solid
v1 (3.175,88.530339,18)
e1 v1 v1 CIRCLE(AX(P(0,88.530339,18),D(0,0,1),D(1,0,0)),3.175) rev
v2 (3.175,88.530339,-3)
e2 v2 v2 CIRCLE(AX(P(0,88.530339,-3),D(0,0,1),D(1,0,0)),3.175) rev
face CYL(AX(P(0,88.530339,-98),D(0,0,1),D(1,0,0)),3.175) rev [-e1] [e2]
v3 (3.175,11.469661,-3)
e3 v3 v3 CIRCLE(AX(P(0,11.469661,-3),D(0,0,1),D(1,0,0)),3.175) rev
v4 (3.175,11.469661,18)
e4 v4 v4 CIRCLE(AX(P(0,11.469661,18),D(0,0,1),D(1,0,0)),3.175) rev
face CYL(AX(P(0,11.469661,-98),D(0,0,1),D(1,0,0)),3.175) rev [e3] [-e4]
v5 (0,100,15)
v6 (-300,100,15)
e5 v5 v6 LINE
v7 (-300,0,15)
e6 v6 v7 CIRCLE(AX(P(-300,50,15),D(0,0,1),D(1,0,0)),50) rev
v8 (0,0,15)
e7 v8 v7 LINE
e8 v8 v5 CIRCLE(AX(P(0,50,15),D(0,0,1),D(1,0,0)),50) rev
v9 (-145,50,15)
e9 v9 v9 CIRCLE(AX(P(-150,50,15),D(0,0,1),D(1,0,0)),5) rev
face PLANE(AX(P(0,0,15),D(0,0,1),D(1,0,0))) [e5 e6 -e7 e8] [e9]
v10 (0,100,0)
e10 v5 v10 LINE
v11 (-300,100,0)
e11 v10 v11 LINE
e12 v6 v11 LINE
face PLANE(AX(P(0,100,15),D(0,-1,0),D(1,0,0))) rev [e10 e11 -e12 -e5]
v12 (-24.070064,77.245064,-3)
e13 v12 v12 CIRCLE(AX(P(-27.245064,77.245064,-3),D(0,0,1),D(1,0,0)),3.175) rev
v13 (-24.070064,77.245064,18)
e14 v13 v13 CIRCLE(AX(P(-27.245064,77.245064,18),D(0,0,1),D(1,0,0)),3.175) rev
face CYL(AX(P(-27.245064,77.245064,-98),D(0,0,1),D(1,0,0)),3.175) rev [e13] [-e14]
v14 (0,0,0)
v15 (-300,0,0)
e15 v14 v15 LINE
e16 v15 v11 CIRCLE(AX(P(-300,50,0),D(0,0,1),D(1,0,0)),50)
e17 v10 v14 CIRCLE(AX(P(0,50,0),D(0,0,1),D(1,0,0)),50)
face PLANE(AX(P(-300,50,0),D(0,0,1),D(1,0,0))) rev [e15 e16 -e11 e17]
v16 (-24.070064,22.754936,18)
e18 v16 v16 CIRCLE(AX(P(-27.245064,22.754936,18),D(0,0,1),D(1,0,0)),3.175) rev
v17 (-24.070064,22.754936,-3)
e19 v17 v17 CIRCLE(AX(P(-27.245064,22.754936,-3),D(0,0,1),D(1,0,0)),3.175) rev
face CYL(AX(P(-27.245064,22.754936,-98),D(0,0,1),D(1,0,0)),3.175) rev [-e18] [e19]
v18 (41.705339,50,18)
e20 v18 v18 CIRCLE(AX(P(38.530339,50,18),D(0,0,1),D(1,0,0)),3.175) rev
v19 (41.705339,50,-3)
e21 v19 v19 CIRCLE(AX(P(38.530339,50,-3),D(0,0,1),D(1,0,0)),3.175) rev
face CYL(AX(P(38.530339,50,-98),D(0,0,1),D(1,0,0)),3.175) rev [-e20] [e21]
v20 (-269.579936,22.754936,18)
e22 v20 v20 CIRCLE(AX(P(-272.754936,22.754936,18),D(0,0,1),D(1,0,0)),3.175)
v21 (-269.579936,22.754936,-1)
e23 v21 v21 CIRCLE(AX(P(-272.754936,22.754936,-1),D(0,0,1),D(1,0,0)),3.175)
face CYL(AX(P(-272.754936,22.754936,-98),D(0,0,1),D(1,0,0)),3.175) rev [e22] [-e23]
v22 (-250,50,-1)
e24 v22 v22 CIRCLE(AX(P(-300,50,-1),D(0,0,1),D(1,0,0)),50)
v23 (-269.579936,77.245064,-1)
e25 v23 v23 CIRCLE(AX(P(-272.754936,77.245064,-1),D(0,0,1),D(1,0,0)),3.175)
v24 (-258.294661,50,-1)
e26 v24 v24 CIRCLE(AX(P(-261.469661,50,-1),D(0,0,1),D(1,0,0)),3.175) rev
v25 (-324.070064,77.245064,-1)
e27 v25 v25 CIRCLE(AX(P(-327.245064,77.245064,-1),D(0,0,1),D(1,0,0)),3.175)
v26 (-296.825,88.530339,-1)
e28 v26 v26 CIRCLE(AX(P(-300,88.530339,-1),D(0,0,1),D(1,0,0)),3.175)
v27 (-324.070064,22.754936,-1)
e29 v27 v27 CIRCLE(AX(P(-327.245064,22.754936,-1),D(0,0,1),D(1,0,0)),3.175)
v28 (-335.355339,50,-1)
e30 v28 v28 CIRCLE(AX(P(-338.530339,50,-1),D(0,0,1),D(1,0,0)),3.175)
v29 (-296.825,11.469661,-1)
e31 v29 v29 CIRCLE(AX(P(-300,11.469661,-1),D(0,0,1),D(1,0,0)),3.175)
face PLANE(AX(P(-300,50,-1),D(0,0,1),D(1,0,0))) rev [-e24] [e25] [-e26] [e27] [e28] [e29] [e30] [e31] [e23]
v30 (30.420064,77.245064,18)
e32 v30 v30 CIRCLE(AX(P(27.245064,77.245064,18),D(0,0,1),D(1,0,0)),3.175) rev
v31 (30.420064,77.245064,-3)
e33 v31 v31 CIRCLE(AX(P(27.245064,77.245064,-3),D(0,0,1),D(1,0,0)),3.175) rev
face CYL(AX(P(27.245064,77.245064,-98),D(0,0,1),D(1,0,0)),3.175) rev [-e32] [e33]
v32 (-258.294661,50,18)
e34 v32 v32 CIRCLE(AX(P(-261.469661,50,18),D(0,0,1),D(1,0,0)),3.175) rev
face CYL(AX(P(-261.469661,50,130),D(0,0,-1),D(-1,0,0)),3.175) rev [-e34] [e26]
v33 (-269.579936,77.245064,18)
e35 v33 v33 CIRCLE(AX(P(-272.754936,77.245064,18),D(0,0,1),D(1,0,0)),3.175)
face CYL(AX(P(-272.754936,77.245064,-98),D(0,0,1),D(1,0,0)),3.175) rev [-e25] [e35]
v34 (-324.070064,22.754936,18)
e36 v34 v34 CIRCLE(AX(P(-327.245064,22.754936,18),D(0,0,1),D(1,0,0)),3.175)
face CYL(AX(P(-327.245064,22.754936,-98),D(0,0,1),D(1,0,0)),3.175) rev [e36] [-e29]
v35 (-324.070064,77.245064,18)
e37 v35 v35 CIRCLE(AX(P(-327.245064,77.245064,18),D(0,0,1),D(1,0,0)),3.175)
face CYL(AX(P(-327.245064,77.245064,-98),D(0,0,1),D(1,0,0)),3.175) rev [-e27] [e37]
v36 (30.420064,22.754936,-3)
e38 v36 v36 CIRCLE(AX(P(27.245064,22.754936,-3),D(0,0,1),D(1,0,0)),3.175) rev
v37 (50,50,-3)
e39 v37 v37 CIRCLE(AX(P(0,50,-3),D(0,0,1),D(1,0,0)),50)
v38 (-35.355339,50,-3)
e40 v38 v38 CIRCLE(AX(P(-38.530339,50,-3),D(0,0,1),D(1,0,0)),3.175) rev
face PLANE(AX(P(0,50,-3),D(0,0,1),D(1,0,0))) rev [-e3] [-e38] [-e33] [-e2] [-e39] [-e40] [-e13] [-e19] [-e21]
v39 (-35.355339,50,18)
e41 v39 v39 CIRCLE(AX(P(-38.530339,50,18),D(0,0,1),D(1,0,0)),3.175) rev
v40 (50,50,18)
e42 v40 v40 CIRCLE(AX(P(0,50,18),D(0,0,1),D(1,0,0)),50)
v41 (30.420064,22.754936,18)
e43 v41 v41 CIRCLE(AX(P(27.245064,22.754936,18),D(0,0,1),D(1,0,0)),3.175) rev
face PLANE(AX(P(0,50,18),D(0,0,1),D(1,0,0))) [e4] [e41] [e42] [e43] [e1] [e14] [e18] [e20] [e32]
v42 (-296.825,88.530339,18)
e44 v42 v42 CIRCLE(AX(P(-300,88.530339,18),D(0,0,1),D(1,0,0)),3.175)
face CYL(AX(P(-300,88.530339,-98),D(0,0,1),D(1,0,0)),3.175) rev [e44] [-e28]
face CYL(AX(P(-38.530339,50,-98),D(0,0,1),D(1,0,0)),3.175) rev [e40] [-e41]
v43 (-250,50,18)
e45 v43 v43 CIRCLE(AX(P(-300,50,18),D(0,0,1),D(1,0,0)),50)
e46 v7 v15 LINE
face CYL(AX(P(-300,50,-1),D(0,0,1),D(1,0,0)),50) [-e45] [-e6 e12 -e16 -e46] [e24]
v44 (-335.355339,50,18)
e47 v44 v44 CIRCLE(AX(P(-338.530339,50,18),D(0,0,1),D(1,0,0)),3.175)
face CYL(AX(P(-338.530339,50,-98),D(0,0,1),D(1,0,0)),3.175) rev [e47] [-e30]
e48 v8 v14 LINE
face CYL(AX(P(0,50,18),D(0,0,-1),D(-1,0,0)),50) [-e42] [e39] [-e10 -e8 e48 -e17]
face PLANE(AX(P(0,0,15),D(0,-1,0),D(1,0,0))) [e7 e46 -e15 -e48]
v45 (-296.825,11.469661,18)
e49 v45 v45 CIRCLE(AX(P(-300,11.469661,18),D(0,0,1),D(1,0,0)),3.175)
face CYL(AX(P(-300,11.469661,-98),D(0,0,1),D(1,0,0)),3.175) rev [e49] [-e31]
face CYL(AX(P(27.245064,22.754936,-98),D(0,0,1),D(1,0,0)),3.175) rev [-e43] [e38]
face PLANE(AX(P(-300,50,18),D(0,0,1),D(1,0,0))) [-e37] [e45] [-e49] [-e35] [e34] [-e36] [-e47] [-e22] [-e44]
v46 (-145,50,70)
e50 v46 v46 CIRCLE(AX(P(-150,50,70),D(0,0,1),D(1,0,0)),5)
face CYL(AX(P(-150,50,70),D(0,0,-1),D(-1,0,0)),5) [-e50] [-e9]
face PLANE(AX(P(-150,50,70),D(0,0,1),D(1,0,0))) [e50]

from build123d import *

# Parameters (mm, degrees)
SKETCH_1_R               = 50
EXTRUDE_18_DEPTH         = 13
EXTRUDE_18_2_DEPTH       = 13
SKETCH_1_28_W            = 300
SKETCH_1_28_H            = 100
EXTRUDE_21_DEPTH         = 15
SKETCH_1_30_R            = 5
EXTRUDE_22_DEPTH         = 70
SKETCH_1_31_R            = 50
CUT_EXTRUDE_2_DEPTH      = 41
EXTRUDE_23_DEPTH         = 18
EXTRUDE_23_DEPTH_BACK    = 1
SKETCH_1_32_R            = 50
SKETCH_1_33_R            = 6.5
CUT_EXTRUDE_3_DEPTH      = 242.8
CUT_EXTRUDE_5_DEPTH      = 130
CUT_EXTRUDE_5_DEPTH_BACK = 69
SKETCH_1_35_R            = 3.175
SKETCH_1_36_R            = 50
CUT_EXTRUDE_6_DEPTH      = 34
EXTRUDE_24_DEPTH         = 18
EXTRUDE_24_DEPTH_BACK    = 3
SKETCH_1_37_R            = 50
CUT_EXTRUDE_7_DEPTH      = 87
CUT_EXTRUDE_7_DEPTH_BACK = 98
SKETCH_1_41_R            = 3.175


with BuildPart() as part:
    # 草图1 → 凸台-拉伸18 (new body)
    with BuildSketch(Plane.XY):
        with Locations((0, 50)):
            Circle(SKETCH_1_R)
    extrude(amount=EXTRUDE_18_DEPTH)



with BuildPart() as body_2:
    # 草图1 → Extrude 18 2 (new body)
    with BuildSketch(Plane.XY):
        with Locations((-300, 50)):
            Circle(SKETCH_1_R)
    extrude(amount=EXTRUDE_18_2_DEPTH)


with BuildPart() as part_1:
    add(part.part)

    add(body_2.part)  # 凸台-拉伸21 merges body 2
    # 草图1<28> → 凸台-拉伸21 (add)
    with BuildSketch(Plane.XY):
        with Locations((-150, 50)):
            Rectangle(SKETCH_1_28_W, SKETCH_1_28_H)
    extrude(amount=EXTRUDE_21_DEPTH)

    # 草图1<30> → 凸台-拉伸22 (add)
    with BuildSketch(Plane.XY):
        with Locations((-150, 50)):
            Circle(SKETCH_1_30_R)
    extrude(amount=EXTRUDE_22_DEPTH)

    # 草图1<31> → 切除-拉伸2 (cut)
    with BuildSketch(Plane.XY):
        with Locations((-300, 50)):
            Circle(SKETCH_1_31_R)
    extrude(amount=CUT_EXTRUDE_2_DEPTH, mode=Mode.SUBTRACT)

    # 草图1<32> → 凸台-拉伸23 (add, two sides: drawn at the far end of the back side and taken through both)
    with BuildSketch(Plane.XY.offset(-EXTRUDE_23_DEPTH_BACK)):
        with Locations((-300, 50)):
            Circle(SKETCH_1_32_R)
    extrude(amount=EXTRUDE_23_DEPTH + EXTRUDE_23_DEPTH_BACK)

    # 草图1<33> → 切除-拉伸3 (cut)
    with BuildSketch(Plane.XY):
        with Locations((0, 50)):
            Circle(SKETCH_1_33_R)
    extrude(amount=CUT_EXTRUDE_3_DEPTH, mode=Mode.SUBTRACT)

    # 草图1<35> → 切除-拉伸5 (cut, two sides: drawn at the far end of the back side and taken through both)
    with BuildSketch(Plane.XY.offset(-CUT_EXTRUDE_5_DEPTH_BACK)):
        with Locations((-261.469660941, 50)):
            Circle(SKETCH_1_35_R)
    extrude(amount=CUT_EXTRUDE_5_DEPTH + CUT_EXTRUDE_5_DEPTH_BACK, mode=Mode.SUBTRACT)

    # 草图1<36> → 切除-拉伸6 (cut)
    with BuildSketch(Plane.XY):
        with Locations((0, 50)):
            Circle(SKETCH_1_36_R)
    extrude(amount=CUT_EXTRUDE_6_DEPTH, mode=Mode.SUBTRACT)

    # 草图1<37> → 凸台-拉伸24 (add, two sides: drawn at the far end of the back side and taken through both)
    with BuildSketch(Plane.XY.offset(-EXTRUDE_24_DEPTH_BACK)):
        with Locations((0, 50)):
            Circle(SKETCH_1_37_R)
    extrude(amount=EXTRUDE_24_DEPTH + EXTRUDE_24_DEPTH_BACK)

    # 草图1<41> → 切除-拉伸7 (cut, two sides: drawn at the far end of the back side and taken through both)
    with BuildSketch(Plane.XY.offset(-CUT_EXTRUDE_7_DEPTH_BACK)):
        with Locations((0, 11.469660941)):
            Circle(SKETCH_1_41_R)
        with Locations((0, 88.530339059)):
            Circle(SKETCH_1_41_R)
        with Locations((-300, 11.469660941)):
            Circle(SKETCH_1_41_R)
        with Locations((-300, 88.530339059)):
            Circle(SKETCH_1_41_R)
        with Locations((-327.24506403, 22.75493597)):
            Circle(SKETCH_1_41_R)
        with Locations((-261.469660941, 50)):
            Circle(SKETCH_1_41_R)
        with Locations((-38.530339059, 50)):
            Circle(SKETCH_1_41_R)
        with Locations((-272.75493597, 22.75493597)):
            Circle(SKETCH_1_41_R)
        with Locations((-338.530339059, 50)):
            Circle(SKETCH_1_41_R)
        with Locations((-327.24506403, 77.24506403)):
            Circle(SKETCH_1_41_R)
        with Locations((-272.75493597, 77.24506403)):
            Circle(SKETCH_1_41_R)
        with Locations((-27.24506403, 77.24506403)):
            Circle(SKETCH_1_41_R)
        with Locations((27.24506403, 77.24506403)):
            Circle(SKETCH_1_41_R)
        with Locations((38.530339059, 50)):
            Circle(SKETCH_1_41_R)
        with Locations((27.24506403, 22.75493597)):
            Circle(SKETCH_1_41_R)
        with Locations((-27.24506403, 22.75493597)):
            Circle(SKETCH_1_41_R)
    extrude(amount=CUT_EXTRUDE_7_DEPTH + CUT_EXTRUDE_7_DEPTH_BACK, mode=Mode.SUBTRACT)


solid = part_1.part
